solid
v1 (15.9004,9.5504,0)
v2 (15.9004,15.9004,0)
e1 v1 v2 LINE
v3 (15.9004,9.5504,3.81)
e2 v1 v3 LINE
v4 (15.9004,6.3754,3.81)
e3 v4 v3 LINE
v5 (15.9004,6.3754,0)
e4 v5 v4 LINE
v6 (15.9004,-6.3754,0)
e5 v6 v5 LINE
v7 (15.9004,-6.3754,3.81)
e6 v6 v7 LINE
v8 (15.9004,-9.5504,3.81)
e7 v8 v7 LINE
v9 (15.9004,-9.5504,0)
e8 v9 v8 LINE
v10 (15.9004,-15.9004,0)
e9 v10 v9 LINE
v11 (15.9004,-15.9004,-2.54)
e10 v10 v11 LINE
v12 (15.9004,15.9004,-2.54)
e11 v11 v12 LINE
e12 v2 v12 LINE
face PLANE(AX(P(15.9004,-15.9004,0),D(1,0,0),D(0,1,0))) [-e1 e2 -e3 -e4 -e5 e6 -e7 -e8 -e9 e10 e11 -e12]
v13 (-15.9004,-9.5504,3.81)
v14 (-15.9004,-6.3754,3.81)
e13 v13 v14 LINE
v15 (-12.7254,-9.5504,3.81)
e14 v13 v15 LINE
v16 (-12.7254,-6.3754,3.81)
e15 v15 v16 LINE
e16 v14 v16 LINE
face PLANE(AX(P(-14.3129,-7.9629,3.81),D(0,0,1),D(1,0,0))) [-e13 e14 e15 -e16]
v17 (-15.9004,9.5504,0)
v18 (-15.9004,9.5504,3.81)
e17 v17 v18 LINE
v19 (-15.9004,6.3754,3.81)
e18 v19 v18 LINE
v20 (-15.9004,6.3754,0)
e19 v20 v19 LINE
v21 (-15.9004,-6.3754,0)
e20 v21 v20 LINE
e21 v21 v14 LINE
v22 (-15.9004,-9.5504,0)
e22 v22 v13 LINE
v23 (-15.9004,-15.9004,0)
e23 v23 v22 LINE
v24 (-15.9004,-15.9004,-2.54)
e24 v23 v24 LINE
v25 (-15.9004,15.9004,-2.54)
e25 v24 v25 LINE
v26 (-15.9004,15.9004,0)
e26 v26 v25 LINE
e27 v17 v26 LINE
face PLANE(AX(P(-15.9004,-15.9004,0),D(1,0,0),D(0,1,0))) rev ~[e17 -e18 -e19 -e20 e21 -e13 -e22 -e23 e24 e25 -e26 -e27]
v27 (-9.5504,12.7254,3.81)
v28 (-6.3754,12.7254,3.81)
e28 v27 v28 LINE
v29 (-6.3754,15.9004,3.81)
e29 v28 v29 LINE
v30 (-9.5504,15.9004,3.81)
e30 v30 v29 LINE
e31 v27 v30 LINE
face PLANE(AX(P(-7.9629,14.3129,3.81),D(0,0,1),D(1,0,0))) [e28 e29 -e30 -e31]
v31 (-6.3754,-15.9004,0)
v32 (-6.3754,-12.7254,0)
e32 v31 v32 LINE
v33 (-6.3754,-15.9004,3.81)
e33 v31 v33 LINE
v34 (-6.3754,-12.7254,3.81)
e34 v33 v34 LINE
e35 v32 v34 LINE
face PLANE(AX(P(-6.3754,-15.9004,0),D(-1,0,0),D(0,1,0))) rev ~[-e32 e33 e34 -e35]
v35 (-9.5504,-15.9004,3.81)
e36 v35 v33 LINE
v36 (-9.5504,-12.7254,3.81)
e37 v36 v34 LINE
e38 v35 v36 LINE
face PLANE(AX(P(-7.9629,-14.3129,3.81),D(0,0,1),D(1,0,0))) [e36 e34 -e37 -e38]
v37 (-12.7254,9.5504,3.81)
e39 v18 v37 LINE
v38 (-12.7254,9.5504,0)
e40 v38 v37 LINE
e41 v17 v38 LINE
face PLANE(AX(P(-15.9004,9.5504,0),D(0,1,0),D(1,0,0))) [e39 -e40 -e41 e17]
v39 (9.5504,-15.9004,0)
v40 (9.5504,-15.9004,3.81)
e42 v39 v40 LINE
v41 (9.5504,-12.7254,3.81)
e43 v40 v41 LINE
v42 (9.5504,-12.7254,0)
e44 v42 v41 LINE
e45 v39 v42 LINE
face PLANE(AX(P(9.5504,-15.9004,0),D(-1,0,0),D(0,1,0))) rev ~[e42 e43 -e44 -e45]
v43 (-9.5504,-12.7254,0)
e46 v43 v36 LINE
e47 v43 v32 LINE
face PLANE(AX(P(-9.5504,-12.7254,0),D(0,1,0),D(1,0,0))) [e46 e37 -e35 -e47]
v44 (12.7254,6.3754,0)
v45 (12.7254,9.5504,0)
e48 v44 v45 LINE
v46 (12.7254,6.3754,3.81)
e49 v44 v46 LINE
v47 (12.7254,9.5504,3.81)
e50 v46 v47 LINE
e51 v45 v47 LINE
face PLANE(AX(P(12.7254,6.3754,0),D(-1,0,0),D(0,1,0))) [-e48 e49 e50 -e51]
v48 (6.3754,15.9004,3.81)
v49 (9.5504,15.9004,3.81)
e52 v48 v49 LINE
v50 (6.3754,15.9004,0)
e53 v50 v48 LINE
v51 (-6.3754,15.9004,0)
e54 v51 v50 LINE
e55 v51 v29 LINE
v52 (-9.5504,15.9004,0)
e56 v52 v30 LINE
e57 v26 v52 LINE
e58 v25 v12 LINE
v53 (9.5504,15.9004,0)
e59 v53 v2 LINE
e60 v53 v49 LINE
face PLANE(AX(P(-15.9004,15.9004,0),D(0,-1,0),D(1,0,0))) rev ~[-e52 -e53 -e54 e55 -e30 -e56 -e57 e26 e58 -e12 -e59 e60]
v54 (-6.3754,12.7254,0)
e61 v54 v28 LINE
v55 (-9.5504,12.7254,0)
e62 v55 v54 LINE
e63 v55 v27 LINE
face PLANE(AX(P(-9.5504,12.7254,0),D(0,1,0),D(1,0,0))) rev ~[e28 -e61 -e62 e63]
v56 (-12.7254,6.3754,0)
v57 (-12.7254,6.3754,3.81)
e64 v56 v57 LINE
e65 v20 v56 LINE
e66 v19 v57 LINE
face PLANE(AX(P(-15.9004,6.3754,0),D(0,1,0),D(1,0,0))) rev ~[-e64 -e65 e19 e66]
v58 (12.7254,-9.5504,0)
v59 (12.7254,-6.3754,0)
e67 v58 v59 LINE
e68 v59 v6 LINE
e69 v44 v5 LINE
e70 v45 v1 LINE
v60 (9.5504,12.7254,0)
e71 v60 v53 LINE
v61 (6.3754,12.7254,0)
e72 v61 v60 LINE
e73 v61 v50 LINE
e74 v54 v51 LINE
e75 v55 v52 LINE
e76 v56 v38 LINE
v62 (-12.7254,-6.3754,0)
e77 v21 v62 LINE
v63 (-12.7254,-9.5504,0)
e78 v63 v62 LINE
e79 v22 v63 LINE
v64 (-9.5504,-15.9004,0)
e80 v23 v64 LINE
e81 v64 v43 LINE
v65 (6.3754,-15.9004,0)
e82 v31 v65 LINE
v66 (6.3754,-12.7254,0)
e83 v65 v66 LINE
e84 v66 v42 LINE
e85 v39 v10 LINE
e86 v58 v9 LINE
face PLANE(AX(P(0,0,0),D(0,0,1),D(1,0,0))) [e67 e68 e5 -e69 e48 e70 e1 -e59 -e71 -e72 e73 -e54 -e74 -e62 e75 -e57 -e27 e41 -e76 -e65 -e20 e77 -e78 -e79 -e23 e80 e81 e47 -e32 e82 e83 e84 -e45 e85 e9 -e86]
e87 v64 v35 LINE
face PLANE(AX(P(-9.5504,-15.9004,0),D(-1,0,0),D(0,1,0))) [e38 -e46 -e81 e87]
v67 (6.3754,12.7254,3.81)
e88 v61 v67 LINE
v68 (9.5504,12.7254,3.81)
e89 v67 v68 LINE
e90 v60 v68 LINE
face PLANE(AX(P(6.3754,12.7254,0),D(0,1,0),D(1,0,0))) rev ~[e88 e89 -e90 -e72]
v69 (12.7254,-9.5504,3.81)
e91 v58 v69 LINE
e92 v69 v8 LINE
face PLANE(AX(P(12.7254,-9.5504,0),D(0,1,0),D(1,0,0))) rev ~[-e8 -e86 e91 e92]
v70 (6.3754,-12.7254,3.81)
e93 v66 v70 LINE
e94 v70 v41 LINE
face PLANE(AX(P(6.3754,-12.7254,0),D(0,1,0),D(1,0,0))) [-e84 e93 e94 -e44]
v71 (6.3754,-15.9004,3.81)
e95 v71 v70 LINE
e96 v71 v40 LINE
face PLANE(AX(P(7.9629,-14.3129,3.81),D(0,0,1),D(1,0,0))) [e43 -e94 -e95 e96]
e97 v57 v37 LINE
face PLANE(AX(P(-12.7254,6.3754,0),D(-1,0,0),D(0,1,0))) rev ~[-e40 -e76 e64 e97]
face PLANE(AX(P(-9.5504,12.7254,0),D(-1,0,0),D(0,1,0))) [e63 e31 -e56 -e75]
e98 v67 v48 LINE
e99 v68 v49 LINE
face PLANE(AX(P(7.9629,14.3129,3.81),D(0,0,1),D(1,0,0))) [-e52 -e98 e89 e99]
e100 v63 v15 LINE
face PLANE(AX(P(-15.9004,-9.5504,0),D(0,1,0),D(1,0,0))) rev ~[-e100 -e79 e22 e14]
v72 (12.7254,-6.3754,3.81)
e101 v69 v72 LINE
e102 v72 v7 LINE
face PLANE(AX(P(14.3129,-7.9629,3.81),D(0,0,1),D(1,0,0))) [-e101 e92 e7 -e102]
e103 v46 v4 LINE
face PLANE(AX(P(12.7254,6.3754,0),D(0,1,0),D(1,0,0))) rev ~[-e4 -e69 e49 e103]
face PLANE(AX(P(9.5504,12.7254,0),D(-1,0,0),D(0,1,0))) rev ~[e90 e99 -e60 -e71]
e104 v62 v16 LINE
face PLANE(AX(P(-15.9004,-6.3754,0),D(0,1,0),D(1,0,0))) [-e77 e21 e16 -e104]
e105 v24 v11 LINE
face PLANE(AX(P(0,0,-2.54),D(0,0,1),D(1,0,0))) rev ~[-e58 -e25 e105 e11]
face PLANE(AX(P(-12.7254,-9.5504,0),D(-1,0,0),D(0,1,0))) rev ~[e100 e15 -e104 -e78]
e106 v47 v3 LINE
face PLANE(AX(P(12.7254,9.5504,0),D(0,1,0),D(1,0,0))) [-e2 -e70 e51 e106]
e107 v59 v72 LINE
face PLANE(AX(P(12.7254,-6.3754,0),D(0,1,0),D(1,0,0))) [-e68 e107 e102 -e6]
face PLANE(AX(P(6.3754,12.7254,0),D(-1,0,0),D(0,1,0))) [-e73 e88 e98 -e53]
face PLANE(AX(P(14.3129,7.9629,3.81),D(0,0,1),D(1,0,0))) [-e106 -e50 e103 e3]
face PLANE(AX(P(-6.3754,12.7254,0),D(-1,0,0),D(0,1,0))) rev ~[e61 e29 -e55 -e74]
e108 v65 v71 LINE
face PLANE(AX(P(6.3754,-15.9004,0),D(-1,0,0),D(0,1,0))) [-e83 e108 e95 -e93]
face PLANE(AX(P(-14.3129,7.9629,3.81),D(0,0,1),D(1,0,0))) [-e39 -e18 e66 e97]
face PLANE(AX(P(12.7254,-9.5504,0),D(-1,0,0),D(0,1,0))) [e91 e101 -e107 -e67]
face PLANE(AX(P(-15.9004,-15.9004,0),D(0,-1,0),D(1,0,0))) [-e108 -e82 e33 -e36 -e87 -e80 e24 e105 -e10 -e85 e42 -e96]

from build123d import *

# Parameters (mm, degrees)
F0_W     = 31.8008
F0_H     = 31.8008
F1_DEPTH = 2.54
F2_W     = 3.175
F2_H     = 3.175
F3_DEPTH = 3.81


with BuildPart() as f1:
    # F0 (on Top) → F1 (new body)
    with BuildSketch(Plane.XY):
        Rectangle(F0_W, F0_H)
    extrude(amount=-F1_DEPTH)

    # F2 (on Top) → F3 (join)
    with BuildSketch(Plane.XY):
        with Locations((-7.9629, 14.3129)):
            Rectangle(F2_W, F2_H)
        with Locations((-14.3129, 7.9629)):
            Rectangle(F2_W, F2_H)
        with Locations((14.3129, 7.9629)):
            Rectangle(F2_W, F2_H)
        with Locations((-14.3129, -7.9629)):
            Rectangle(F2_W, F2_H)
        with Locations((-7.9629, -14.3129)):
            Rectangle(F2_W, F2_H)
        with Locations((7.9629, 14.3129)):
            Rectangle(F2_W, F2_H)
        with Locations((14.3129, -7.9629)):
            Rectangle(F2_W, F2_H)
        with Locations((7.9629, -14.3129)):
            Rectangle(F2_W, F2_H)
    extrude(amount=F3_DEPTH)


solid = f1.part
